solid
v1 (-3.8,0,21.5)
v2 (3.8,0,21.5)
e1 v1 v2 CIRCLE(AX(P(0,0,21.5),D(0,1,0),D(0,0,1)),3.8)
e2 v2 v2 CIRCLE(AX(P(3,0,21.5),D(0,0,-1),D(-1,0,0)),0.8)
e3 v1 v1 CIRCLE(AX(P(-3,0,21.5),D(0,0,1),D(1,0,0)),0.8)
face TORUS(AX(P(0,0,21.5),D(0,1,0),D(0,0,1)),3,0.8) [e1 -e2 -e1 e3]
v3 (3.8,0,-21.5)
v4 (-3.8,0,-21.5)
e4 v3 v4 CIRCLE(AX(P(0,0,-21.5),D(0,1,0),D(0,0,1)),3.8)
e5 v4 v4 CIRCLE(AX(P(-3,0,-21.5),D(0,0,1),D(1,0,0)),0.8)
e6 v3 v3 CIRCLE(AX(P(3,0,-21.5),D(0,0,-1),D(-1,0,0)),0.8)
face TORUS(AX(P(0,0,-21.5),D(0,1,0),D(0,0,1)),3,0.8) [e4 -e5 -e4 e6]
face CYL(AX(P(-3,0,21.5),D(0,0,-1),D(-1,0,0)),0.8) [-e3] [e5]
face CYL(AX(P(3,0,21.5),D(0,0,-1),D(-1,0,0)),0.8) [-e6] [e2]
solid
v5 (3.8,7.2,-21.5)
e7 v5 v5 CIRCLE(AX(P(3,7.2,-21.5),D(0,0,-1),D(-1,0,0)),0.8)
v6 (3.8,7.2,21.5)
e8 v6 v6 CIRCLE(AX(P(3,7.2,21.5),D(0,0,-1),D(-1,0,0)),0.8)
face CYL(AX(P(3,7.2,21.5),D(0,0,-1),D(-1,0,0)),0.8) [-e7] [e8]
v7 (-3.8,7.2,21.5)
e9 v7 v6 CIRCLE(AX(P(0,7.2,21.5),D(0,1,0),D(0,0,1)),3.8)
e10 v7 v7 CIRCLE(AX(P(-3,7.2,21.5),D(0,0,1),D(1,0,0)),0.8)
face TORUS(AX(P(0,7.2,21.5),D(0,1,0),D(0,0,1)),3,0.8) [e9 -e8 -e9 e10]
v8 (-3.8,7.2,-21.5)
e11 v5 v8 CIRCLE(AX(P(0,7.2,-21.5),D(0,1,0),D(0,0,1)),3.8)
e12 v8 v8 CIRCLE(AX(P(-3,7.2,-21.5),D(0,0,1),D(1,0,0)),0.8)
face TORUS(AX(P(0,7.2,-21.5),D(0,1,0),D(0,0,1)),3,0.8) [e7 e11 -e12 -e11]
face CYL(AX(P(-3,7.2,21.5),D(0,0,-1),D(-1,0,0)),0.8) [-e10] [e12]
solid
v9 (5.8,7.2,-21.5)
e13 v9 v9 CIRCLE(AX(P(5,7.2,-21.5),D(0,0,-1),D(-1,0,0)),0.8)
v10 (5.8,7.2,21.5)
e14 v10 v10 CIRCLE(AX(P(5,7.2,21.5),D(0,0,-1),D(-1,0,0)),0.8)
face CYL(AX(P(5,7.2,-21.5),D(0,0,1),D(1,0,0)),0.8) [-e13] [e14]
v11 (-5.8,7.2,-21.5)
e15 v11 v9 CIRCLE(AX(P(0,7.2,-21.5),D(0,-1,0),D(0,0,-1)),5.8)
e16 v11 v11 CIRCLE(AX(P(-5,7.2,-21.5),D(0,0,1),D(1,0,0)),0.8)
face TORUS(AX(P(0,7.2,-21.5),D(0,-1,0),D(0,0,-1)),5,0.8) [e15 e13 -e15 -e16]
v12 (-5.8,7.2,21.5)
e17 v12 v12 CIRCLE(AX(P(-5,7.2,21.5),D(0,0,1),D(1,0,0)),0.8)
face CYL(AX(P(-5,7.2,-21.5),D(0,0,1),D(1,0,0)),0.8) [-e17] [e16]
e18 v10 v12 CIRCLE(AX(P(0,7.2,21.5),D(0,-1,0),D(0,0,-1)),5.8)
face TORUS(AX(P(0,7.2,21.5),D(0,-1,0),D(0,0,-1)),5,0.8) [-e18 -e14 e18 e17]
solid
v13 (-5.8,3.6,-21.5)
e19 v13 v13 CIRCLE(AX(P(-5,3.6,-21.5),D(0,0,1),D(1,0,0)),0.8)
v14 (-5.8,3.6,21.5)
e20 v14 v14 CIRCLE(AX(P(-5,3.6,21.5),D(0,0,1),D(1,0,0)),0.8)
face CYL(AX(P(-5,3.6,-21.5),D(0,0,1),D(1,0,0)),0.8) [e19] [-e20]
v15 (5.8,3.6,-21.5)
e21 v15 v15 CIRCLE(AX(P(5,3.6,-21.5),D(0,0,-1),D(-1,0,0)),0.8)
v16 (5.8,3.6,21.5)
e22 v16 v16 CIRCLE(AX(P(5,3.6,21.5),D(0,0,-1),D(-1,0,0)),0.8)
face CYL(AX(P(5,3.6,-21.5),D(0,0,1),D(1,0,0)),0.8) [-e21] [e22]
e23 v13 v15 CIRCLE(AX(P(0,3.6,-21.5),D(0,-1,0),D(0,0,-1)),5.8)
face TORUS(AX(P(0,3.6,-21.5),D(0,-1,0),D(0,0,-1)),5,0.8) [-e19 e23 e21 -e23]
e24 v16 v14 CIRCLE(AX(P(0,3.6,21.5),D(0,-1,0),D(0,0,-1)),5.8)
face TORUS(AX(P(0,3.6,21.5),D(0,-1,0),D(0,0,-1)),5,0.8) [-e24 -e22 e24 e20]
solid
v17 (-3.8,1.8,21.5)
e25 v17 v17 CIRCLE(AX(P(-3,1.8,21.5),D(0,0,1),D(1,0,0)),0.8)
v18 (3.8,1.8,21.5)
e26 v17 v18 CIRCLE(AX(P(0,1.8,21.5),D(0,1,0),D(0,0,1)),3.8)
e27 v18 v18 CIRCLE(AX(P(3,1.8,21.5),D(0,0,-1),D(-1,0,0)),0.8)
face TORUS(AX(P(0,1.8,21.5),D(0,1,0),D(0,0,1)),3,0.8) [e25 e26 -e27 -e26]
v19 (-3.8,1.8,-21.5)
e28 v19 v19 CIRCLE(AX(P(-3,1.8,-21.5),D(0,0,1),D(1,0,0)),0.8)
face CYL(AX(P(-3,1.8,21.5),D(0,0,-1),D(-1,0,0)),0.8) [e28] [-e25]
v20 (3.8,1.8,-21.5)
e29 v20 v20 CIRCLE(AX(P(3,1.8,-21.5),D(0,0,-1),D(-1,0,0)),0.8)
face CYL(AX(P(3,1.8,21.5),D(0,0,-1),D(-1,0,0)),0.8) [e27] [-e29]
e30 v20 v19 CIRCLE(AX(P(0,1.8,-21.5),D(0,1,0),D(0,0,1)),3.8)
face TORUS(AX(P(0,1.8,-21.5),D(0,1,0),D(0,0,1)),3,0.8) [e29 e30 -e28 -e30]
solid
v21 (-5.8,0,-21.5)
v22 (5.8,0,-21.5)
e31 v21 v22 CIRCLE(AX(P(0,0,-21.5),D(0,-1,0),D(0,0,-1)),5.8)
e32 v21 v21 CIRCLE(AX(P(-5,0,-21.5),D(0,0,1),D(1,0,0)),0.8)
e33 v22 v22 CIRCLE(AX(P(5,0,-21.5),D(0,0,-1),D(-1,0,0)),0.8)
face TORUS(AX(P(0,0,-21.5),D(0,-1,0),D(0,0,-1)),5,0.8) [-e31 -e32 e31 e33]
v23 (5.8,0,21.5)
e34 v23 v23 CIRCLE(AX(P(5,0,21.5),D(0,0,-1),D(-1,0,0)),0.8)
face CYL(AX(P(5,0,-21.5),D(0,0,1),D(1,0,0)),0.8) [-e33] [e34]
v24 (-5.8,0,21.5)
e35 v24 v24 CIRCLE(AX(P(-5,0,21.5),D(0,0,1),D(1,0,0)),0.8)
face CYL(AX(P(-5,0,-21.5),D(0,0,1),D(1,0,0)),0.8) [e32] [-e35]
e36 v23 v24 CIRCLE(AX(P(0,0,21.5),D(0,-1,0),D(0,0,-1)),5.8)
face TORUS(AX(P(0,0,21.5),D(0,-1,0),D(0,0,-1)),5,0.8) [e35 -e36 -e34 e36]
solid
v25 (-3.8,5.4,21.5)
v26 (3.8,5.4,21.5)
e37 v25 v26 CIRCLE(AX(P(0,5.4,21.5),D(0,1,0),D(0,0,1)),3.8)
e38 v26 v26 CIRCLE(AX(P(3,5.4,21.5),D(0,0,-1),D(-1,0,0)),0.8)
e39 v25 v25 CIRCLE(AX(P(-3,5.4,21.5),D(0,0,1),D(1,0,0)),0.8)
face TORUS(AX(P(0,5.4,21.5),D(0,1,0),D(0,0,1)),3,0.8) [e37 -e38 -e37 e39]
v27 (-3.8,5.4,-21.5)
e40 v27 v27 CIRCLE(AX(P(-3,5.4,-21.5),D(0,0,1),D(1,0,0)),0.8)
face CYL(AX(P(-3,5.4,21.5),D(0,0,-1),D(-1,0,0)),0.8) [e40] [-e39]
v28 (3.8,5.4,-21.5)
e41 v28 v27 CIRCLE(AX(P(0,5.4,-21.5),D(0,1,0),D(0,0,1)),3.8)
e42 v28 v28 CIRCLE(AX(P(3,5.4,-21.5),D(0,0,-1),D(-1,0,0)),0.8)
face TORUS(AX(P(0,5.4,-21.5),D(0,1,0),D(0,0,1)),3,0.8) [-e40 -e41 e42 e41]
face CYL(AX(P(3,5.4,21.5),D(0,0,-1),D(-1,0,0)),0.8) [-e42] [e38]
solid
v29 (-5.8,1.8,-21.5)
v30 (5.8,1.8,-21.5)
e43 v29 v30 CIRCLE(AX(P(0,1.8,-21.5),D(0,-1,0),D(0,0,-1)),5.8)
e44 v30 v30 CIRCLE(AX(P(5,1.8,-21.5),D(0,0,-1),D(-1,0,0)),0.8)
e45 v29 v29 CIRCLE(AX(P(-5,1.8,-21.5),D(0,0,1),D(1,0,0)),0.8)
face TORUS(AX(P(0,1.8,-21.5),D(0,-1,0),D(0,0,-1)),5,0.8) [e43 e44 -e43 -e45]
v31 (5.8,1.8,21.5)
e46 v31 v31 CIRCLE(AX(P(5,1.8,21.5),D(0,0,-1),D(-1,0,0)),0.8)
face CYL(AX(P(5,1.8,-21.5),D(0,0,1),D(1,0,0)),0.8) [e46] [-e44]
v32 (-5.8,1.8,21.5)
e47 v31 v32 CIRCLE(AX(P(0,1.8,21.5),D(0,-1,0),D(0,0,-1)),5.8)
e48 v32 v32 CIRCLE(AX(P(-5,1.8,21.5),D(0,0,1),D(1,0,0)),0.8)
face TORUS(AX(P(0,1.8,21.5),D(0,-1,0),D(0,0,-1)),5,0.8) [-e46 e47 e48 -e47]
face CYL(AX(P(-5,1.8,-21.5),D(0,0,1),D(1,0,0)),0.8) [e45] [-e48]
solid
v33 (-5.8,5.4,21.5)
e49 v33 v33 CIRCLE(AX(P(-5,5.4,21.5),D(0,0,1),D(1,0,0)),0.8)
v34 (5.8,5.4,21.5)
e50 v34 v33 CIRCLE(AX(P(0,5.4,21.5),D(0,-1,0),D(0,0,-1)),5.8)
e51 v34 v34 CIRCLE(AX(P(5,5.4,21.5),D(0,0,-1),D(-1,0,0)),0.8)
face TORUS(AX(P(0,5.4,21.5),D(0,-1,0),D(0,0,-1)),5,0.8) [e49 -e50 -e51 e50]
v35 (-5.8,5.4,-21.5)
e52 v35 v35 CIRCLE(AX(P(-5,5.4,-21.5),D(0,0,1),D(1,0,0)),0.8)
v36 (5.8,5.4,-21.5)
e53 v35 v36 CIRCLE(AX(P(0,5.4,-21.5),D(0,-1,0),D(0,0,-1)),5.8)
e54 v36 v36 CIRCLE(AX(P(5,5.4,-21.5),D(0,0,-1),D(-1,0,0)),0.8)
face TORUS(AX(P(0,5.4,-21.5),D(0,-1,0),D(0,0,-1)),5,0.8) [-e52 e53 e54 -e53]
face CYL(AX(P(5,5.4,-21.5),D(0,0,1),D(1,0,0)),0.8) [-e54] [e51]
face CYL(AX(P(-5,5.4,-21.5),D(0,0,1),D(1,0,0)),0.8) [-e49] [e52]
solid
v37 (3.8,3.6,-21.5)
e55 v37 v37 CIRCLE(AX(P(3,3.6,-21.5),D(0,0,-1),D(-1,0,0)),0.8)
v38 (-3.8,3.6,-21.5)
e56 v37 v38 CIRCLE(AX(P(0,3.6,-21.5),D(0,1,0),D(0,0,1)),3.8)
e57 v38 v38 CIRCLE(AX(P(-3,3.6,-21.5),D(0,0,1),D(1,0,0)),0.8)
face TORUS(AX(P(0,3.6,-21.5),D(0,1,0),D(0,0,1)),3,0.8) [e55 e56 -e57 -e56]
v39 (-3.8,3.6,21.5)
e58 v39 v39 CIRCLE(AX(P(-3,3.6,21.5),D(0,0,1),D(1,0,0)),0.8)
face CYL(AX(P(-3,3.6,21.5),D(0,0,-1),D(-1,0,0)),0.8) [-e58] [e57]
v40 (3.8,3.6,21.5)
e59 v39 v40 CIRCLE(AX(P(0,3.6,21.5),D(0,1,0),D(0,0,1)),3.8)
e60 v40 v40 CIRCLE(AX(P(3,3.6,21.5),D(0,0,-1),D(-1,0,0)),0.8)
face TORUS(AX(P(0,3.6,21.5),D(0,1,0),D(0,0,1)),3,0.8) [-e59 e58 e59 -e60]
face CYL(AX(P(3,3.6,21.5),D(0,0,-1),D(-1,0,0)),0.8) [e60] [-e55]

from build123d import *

# Parameters (mm, degrees)
ESQUISSE2_R                = 0.8
ESQUISSE4_R                = 0.8
R_P_TITION_LIN_AIRE1_COUNT = 5
R_P_TITION_LIN_AIRE1_PITCH = 1.8


with BuildPart() as part:
    # Balayage1: sweep along a path in Esquisse1
    with BuildLine(Plane(origin=(0, 0, 0), x_dir=(1, 0, 0), z_dir=(0, 1, 0))) as balayage1_path:
        Line((-3, -21.5), (-3, 21.5))
        ThreePointArc((-3, 21.5), (0, 24.5), (3, 21.5))
        Line((3, 21.5), (3, -21.5))
        ThreePointArc((3, -21.5), (0, -24.5), (-3, -21.5))
    # Esquisse2 → Balayage1 (sweep)
    with BuildSketch(Plane.XY):
        with Locations((-3, 0)):
            Circle(ESQUISSE2_R)
    sweep(path=balayage1_path.line)


with BuildPart() as body_2:
    # Balayage2: sweep along a path in Esquisse3
    with BuildLine(Plane(origin=(0, 0, 0), x_dir=(1, 0, 0), z_dir=(0, 1, 0))) as balayage2_path:
        Line((-5, 21.5), (-5, -21.5))
        ThreePointArc((-5, -21.5), (0, -26.5), (5, -21.5))
        Line((5, -21.5), (5, 21.5))
        ThreePointArc((5, 21.5), (0, 26.5), (-5, 21.5))
    # Esquisse4 → Balayage2 (sweep)
    with BuildSketch(Plane.XY):
        with Locations((-5, 0)):
            Circle(ESQUISSE4_R)
    sweep(path=balayage2_path.line)


with BuildPart() as r_p_tition_lin_aire1_1:
    # Répétition linéaire1: pattern copy
    add(part.part.moved(Location(Vector(0, 1, 0) * (1 * R_P_TITION_LIN_AIRE1_PITCH))))


with BuildPart() as r_p_tition_lin_aire1_2:
    # Répétition linéaire1: pattern copy
    add(part.part.moved(Location(Vector(0, 1, 0) * (2 * R_P_TITION_LIN_AIRE1_PITCH))))


with BuildPart() as r_p_tition_lin_aire1_3:
    # Répétition linéaire1: pattern copy
    add(part.part.moved(Location(Vector(0, 1, 0) * (3 * R_P_TITION_LIN_AIRE1_PITCH))))


with BuildPart() as r_p_tition_lin_aire1_4:
    # Répétition linéaire1: pattern copy
    add(part.part.moved(Location(Vector(0, 1, 0) * (4 * R_P_TITION_LIN_AIRE1_PITCH))))


with BuildPart() as r_p_tition_lin_aire1_5:
    # Répétition linéaire1: pattern copy
    add(body_2.part.moved(Location(Vector(0, 1, 0) * (1 * R_P_TITION_LIN_AIRE1_PITCH))))


with BuildPart() as r_p_tition_lin_aire1_6:
    # Répétition linéaire1: pattern copy
    add(body_2.part.moved(Location(Vector(0, 1, 0) * (2 * R_P_TITION_LIN_AIRE1_PITCH))))


with BuildPart() as r_p_tition_lin_aire1_7:
    # Répétition linéaire1: pattern copy
    add(body_2.part.moved(Location(Vector(0, 1, 0) * (3 * R_P_TITION_LIN_AIRE1_PITCH))))


with BuildPart() as r_p_tition_lin_aire1_8:
    # Répétition linéaire1: pattern copy
    add(body_2.part.moved(Location(Vector(0, 1, 0) * (4 * R_P_TITION_LIN_AIRE1_PITCH))))


solid = Compound([part.part, body_2.part, r_p_tition_lin_aire1_1.part, r_p_tition_lin_aire1_2.part, r_p_tition_lin_aire1_3.part, r_p_tition_lin_aire1_4.part, r_p_tition_lin_aire1_5.part, r_p_tition_lin_aire1_6.part, r_p_tition_lin_aire1_7.part, r_p_tition_lin_aire1_8.part])
